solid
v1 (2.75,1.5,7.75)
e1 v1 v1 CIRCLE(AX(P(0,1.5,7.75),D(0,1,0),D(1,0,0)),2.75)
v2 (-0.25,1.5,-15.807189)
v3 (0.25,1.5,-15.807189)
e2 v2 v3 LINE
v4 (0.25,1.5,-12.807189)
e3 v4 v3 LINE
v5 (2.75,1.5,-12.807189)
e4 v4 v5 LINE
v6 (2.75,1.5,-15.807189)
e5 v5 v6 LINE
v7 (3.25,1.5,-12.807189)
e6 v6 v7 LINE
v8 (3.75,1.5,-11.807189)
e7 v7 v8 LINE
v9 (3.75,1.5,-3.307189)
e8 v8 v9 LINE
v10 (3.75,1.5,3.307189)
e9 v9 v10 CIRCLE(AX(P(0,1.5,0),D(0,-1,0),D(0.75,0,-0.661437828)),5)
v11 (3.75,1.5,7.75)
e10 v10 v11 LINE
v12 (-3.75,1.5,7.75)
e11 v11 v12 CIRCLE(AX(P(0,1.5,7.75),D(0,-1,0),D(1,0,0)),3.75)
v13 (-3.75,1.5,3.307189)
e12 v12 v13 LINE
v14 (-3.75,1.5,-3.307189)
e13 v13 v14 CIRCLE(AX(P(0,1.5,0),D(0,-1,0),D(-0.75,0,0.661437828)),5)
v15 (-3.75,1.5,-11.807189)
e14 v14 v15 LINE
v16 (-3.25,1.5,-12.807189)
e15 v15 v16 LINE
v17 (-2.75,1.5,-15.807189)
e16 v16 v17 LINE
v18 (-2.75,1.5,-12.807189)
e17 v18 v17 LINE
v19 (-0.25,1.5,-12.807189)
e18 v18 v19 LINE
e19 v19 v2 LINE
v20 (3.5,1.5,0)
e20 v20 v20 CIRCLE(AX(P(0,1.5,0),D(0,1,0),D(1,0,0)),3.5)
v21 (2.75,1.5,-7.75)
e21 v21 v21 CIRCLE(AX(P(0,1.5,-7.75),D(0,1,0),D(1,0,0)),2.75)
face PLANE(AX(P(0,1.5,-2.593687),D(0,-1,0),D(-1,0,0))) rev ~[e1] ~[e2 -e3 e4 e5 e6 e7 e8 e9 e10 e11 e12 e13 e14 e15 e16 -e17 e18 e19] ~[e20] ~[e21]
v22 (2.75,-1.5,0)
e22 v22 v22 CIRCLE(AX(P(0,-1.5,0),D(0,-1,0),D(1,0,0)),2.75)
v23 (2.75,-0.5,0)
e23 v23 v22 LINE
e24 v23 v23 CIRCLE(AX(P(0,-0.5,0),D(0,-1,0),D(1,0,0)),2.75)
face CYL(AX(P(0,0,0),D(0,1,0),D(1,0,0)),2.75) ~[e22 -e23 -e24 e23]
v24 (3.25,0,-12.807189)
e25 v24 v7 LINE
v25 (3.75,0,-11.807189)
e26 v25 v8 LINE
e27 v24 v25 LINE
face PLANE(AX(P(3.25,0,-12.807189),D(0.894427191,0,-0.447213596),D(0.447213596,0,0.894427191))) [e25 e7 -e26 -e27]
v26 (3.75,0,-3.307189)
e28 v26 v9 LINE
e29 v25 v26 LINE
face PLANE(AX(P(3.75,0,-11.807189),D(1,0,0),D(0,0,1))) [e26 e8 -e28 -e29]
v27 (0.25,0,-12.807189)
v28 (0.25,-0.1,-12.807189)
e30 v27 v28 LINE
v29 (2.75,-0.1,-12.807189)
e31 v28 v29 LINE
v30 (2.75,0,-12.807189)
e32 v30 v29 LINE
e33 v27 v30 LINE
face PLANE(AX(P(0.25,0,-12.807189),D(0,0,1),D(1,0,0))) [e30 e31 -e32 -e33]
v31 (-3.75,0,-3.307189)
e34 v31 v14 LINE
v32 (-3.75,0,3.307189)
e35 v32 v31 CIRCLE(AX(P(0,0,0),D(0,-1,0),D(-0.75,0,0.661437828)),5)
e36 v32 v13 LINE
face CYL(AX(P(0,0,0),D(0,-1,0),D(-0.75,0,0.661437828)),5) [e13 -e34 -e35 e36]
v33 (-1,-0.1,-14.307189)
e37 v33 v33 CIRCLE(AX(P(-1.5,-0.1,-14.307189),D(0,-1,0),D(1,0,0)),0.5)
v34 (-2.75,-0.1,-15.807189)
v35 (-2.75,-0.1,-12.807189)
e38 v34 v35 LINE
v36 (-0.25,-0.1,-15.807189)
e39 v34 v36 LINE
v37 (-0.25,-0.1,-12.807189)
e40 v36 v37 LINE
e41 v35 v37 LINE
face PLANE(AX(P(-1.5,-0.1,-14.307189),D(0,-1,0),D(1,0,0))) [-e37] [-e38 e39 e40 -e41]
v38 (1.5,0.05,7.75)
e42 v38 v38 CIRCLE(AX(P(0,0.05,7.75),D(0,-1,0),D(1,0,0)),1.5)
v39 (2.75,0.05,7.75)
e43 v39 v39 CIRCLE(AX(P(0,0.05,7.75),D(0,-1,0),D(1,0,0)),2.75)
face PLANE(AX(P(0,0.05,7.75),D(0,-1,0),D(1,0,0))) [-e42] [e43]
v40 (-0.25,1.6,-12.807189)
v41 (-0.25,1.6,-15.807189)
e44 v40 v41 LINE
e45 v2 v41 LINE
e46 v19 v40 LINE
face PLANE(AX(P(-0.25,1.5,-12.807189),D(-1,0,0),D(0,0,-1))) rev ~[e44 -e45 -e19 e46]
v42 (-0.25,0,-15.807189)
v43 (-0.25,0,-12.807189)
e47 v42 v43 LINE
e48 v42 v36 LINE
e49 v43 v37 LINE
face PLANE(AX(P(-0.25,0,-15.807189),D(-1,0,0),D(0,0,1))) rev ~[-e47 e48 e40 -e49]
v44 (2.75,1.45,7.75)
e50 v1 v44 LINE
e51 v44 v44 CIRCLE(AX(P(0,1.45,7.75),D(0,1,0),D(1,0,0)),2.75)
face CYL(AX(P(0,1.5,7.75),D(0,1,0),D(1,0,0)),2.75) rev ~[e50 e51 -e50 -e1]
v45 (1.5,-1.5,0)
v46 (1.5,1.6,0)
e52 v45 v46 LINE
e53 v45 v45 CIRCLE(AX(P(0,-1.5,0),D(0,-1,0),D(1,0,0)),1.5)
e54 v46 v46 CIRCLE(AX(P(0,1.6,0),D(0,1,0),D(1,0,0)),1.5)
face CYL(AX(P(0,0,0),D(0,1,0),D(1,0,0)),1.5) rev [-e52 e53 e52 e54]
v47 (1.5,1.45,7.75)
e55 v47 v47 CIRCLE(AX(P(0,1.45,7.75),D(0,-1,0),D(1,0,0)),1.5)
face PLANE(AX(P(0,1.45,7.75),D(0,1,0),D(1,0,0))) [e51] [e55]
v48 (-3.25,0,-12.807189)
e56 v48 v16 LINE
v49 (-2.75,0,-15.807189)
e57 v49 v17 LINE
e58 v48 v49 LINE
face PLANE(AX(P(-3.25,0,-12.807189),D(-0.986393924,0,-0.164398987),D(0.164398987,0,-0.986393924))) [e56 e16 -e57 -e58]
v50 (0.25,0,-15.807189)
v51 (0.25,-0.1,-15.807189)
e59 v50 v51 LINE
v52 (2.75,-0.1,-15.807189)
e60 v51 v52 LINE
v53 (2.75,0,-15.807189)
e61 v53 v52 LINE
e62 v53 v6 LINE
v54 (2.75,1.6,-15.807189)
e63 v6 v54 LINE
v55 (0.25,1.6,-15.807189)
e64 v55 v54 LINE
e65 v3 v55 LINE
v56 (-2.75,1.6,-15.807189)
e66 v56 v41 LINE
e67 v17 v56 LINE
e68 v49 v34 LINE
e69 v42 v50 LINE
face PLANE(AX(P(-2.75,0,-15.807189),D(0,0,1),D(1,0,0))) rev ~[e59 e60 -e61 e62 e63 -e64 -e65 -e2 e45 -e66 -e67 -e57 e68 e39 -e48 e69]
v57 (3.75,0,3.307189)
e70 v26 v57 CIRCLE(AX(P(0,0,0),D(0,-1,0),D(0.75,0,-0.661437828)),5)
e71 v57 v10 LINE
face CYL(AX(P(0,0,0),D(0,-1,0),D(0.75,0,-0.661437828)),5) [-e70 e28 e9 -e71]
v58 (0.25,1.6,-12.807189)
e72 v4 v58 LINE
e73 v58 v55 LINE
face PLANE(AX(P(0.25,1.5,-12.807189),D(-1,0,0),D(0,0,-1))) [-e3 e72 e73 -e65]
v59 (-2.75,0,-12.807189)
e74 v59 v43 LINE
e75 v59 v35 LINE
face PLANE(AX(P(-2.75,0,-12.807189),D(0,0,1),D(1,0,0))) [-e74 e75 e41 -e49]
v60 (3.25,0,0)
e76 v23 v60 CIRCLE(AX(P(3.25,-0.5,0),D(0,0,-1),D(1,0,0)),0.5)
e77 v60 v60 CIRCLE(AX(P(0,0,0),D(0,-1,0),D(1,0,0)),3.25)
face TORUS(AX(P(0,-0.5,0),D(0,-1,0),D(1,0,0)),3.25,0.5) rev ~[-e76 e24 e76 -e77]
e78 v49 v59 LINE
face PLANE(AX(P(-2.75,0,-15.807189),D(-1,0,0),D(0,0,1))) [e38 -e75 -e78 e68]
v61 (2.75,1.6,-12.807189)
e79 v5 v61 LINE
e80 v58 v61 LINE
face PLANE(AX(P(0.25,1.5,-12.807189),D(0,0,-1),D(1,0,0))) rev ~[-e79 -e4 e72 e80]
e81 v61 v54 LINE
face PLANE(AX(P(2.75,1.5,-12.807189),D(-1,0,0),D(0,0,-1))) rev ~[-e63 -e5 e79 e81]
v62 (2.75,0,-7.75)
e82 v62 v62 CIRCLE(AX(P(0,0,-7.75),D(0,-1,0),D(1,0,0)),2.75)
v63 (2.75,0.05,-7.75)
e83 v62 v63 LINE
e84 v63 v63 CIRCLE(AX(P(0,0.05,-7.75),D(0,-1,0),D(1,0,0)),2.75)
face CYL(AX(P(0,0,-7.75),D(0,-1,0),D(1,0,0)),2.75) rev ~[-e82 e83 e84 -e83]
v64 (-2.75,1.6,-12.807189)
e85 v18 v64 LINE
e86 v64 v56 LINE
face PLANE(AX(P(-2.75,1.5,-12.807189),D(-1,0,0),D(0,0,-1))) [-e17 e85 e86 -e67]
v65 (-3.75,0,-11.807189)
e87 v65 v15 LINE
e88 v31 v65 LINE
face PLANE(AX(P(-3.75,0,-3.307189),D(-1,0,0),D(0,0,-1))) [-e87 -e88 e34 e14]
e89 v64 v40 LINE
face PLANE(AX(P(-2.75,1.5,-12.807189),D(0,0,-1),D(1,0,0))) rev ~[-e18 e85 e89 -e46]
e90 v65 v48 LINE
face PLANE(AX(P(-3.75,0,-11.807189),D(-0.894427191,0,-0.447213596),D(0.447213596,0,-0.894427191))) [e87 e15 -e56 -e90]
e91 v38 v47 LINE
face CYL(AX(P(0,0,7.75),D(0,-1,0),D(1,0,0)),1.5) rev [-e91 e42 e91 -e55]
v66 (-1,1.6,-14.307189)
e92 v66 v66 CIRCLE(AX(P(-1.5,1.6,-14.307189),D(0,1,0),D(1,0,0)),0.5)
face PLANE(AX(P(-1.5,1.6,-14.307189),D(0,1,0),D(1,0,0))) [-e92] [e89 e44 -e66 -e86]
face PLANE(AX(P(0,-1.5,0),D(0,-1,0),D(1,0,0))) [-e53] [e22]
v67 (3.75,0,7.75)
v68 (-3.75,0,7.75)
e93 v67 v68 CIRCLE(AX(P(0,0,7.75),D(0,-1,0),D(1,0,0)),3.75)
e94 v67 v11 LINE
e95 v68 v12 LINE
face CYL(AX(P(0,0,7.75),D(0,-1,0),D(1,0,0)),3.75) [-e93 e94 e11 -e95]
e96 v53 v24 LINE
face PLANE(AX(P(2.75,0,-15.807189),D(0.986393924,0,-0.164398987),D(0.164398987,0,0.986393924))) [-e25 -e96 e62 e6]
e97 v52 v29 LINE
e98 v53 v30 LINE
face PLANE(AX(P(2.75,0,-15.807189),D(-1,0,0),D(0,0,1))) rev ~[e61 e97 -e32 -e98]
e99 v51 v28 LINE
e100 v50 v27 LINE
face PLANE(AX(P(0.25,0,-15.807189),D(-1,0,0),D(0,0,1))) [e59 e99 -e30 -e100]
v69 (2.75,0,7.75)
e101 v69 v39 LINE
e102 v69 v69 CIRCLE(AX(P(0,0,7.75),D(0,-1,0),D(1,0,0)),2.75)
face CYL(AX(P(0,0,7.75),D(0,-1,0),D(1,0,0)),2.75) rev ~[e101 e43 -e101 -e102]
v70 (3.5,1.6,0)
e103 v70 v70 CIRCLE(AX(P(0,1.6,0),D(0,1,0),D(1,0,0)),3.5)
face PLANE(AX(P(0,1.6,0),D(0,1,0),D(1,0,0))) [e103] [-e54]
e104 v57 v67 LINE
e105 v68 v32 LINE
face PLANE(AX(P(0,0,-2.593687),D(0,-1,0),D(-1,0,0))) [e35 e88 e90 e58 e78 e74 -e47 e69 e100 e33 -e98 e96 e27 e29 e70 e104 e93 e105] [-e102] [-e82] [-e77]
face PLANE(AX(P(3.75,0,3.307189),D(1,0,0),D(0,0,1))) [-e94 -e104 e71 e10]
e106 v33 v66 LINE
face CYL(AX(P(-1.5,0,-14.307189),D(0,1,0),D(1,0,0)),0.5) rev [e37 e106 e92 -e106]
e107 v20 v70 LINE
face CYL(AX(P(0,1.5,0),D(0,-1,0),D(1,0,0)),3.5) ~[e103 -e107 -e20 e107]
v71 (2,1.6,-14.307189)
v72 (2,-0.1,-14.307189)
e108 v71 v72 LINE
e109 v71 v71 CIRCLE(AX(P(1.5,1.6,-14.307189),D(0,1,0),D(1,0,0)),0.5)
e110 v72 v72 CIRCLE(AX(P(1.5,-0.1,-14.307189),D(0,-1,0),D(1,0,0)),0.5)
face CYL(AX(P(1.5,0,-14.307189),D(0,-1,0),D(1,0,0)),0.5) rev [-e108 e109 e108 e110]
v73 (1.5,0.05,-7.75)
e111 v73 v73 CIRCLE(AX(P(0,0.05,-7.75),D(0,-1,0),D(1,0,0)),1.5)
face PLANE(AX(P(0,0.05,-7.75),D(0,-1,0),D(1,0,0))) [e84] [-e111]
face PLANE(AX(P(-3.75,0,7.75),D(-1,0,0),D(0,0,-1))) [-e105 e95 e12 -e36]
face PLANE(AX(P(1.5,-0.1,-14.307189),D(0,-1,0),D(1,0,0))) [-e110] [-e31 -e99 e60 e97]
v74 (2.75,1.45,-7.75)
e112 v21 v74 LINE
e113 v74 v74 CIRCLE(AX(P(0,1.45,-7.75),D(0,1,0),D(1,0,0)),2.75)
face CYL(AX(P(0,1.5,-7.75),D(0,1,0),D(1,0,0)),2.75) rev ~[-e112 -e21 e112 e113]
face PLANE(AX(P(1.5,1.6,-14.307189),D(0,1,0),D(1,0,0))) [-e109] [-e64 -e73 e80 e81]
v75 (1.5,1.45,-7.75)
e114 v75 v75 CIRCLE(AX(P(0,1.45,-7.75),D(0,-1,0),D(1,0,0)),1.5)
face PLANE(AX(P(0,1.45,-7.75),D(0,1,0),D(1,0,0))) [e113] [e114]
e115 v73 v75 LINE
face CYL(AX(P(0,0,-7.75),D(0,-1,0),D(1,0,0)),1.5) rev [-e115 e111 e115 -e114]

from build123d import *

# Parameters (mm, degrees)
SKETCH1_R           = 1.5
SKETCH1_R_2         = 0.5
BOSS_EXTRUDE1_DEPTH = 1.5
SKETCH2_R           = 3.5
SKETCH2_R_2         = 1.5
BOSS_EXTRUDE2_DEPTH = 0.1
SKETCH3_R           = 2.75
CUT_EXTRUDE1_DEPTH  = 0.05
SKETCH4_R           = 2.75
CUT_EXTRUDE2_DEPTH  = 0.05
SKETCH5_R           = 2.75
SKETCH5_R_2         = 1.5
BOSS_EXTRUDE3_DEPTH = 1.5
FILLET1_R           = 0.5
SKETCH6_W           = 2.5
SKETCH6_H           = 3
SKETCH6_R           = 0.5
BOSS_EXTRUDE4_DEPTH = 0.1
SKETCH7_W           = 2.5
SKETCH7_H           = 3
SKETCH7_R           = 0.5
BOSS_EXTRUDE5_DEPTH = 0.1


with BuildPart() as part:
    # Sketch1 → Boss-Extrude1 (new body)
    with BuildSketch(Plane(origin=(0, 0, 0), x_dir=(1, 0, 0), z_dir=(0, 1, 0))):
        with BuildLine():
            Line((-3.75, -7.75), (-3.75, -3.307189139))
            ThreePointArc((-3.75, -3.307189139), (-5, 0), (-3.75, 3.307189139))
            Line((-3.75, 3.307189139), (-3.75, 11.807189139))
            Line((-3.75, 11.807189139), (-3.25, 12.807189139))
            Line((-3.25, 12.807189139), (-2.75, 15.807189139))
            Line((-2.75, 15.807189139), (2.75, 15.807189139))
            Line((2.75, 15.807189139), (3.25, 12.807189139))
            Line((3.25, 12.807189139), (3.75, 11.807189139))
            Line((3.75, 11.807189139), (3.75, 3.307189139))
            ThreePointArc((3.75, 3.307189139), (5, 0), (3.75, -3.307189139))
            Line((3.75, -3.307189139), (3.75, -7.75))
            ThreePointArc((3.75, -7.75), (0, -11.5), (-3.75, -7.75))
        make_face()
        with Locations((0, -7.75)):
            Circle(SKETCH1_R, mode=Mode.SUBTRACT)
        with Locations((0, 7.75)):
            Circle(SKETCH1_R, mode=Mode.SUBTRACT)
        with Locations((-1.5, 14.307189139)):
            Circle(SKETCH1_R_2, mode=Mode.SUBTRACT)
        with Locations((1.5, 14.307189139)):
            Circle(SKETCH1_R_2, mode=Mode.SUBTRACT)
        Circle(SKETCH1_R, mode=Mode.SUBTRACT)
    extrude(amount=BOSS_EXTRUDE1_DEPTH)

    # Sketch2 → Boss-Extrude2 (add)
    with BuildSketch(Plane(origin=(0, 1.5, 0), x_dir=(1, 0, 0), z_dir=(0, 1, 0))):
        Circle(SKETCH2_R)
        Circle(SKETCH2_R_2, mode=Mode.SUBTRACT)
    extrude(amount=BOSS_EXTRUDE2_DEPTH)

    # Sketch3 → Cut-Extrude1 (cut)
    with BuildSketch(Plane(origin=(0, 1.5, 0), x_dir=(1, 0, 0), z_dir=(0, 1, 0))):
        with Locations((0, -7.75)):
            Circle(SKETCH3_R)
        with Locations((0, 7.75)):
            Circle(SKETCH3_R)
    extrude(amount=-CUT_EXTRUDE1_DEPTH, mode=Mode.SUBTRACT)

    # Sketch4 → Cut-Extrude2 (cut)
    with BuildSketch(Plane.XZ):
        with Locations((0, -7.75)):
            Circle(SKETCH4_R)
        with Locations((0, 7.75)):
            Circle(SKETCH4_R)
    extrude(amount=-CUT_EXTRUDE2_DEPTH, mode=Mode.SUBTRACT)

    # Sketch5 → Boss-Extrude3 (add)
    with BuildSketch(Plane.XZ):
        Circle(SKETCH5_R)
        Circle(SKETCH5_R_2, mode=Mode.SUBTRACT)
    extrude(amount=BOSS_EXTRUDE3_DEPTH)

    # Fillet1
    fillet1_edges = [part.edges().sort_by_distance(p)[0] for p in [
        (-2.75, 0, 0),
    ]]
    fillet(fillet1_edges, radius=FILLET1_R)

    # Sketch6 → Boss-Extrude4 (add)
    with BuildSketch(Plane(origin=(0, 1.5, 0), x_dir=(1, 0, 0), z_dir=(0, 1, 0))):
        with Locations((-1.5, 14.307189139)):
            Rectangle(SKETCH6_W, SKETCH6_H)
        with Locations((-1.5, 14.307189139)):
            Circle(SKETCH6_R, mode=Mode.SUBTRACT)
        with Locations((1.5, 14.307189139)):
            Rectangle(SKETCH6_W, SKETCH6_H)
        with Locations((1.5, 14.307189139)):
            Circle(SKETCH6_R, mode=Mode.SUBTRACT)
    extrude(amount=BOSS_EXTRUDE4_DEPTH)

    # Sketch7 → Boss-Extrude5 (add)
    with BuildSketch(Plane.XZ):
        with Locations((-1.5, -14.307189139)):
            Rectangle(SKETCH7_W, SKETCH7_H)
        with Locations((-1.5, -14.307189139)):
            Circle(SKETCH7_R, mode=Mode.SUBTRACT)
        with Locations((1.5, -14.307189139)):
            Rectangle(SKETCH7_W, SKETCH7_H)
        with Locations((1.5, -14.307189139)):
            Circle(SKETCH7_R, mode=Mode.SUBTRACT)
    extrude(amount=BOSS_EXTRUDE5_DEPTH)


solid = part.part
